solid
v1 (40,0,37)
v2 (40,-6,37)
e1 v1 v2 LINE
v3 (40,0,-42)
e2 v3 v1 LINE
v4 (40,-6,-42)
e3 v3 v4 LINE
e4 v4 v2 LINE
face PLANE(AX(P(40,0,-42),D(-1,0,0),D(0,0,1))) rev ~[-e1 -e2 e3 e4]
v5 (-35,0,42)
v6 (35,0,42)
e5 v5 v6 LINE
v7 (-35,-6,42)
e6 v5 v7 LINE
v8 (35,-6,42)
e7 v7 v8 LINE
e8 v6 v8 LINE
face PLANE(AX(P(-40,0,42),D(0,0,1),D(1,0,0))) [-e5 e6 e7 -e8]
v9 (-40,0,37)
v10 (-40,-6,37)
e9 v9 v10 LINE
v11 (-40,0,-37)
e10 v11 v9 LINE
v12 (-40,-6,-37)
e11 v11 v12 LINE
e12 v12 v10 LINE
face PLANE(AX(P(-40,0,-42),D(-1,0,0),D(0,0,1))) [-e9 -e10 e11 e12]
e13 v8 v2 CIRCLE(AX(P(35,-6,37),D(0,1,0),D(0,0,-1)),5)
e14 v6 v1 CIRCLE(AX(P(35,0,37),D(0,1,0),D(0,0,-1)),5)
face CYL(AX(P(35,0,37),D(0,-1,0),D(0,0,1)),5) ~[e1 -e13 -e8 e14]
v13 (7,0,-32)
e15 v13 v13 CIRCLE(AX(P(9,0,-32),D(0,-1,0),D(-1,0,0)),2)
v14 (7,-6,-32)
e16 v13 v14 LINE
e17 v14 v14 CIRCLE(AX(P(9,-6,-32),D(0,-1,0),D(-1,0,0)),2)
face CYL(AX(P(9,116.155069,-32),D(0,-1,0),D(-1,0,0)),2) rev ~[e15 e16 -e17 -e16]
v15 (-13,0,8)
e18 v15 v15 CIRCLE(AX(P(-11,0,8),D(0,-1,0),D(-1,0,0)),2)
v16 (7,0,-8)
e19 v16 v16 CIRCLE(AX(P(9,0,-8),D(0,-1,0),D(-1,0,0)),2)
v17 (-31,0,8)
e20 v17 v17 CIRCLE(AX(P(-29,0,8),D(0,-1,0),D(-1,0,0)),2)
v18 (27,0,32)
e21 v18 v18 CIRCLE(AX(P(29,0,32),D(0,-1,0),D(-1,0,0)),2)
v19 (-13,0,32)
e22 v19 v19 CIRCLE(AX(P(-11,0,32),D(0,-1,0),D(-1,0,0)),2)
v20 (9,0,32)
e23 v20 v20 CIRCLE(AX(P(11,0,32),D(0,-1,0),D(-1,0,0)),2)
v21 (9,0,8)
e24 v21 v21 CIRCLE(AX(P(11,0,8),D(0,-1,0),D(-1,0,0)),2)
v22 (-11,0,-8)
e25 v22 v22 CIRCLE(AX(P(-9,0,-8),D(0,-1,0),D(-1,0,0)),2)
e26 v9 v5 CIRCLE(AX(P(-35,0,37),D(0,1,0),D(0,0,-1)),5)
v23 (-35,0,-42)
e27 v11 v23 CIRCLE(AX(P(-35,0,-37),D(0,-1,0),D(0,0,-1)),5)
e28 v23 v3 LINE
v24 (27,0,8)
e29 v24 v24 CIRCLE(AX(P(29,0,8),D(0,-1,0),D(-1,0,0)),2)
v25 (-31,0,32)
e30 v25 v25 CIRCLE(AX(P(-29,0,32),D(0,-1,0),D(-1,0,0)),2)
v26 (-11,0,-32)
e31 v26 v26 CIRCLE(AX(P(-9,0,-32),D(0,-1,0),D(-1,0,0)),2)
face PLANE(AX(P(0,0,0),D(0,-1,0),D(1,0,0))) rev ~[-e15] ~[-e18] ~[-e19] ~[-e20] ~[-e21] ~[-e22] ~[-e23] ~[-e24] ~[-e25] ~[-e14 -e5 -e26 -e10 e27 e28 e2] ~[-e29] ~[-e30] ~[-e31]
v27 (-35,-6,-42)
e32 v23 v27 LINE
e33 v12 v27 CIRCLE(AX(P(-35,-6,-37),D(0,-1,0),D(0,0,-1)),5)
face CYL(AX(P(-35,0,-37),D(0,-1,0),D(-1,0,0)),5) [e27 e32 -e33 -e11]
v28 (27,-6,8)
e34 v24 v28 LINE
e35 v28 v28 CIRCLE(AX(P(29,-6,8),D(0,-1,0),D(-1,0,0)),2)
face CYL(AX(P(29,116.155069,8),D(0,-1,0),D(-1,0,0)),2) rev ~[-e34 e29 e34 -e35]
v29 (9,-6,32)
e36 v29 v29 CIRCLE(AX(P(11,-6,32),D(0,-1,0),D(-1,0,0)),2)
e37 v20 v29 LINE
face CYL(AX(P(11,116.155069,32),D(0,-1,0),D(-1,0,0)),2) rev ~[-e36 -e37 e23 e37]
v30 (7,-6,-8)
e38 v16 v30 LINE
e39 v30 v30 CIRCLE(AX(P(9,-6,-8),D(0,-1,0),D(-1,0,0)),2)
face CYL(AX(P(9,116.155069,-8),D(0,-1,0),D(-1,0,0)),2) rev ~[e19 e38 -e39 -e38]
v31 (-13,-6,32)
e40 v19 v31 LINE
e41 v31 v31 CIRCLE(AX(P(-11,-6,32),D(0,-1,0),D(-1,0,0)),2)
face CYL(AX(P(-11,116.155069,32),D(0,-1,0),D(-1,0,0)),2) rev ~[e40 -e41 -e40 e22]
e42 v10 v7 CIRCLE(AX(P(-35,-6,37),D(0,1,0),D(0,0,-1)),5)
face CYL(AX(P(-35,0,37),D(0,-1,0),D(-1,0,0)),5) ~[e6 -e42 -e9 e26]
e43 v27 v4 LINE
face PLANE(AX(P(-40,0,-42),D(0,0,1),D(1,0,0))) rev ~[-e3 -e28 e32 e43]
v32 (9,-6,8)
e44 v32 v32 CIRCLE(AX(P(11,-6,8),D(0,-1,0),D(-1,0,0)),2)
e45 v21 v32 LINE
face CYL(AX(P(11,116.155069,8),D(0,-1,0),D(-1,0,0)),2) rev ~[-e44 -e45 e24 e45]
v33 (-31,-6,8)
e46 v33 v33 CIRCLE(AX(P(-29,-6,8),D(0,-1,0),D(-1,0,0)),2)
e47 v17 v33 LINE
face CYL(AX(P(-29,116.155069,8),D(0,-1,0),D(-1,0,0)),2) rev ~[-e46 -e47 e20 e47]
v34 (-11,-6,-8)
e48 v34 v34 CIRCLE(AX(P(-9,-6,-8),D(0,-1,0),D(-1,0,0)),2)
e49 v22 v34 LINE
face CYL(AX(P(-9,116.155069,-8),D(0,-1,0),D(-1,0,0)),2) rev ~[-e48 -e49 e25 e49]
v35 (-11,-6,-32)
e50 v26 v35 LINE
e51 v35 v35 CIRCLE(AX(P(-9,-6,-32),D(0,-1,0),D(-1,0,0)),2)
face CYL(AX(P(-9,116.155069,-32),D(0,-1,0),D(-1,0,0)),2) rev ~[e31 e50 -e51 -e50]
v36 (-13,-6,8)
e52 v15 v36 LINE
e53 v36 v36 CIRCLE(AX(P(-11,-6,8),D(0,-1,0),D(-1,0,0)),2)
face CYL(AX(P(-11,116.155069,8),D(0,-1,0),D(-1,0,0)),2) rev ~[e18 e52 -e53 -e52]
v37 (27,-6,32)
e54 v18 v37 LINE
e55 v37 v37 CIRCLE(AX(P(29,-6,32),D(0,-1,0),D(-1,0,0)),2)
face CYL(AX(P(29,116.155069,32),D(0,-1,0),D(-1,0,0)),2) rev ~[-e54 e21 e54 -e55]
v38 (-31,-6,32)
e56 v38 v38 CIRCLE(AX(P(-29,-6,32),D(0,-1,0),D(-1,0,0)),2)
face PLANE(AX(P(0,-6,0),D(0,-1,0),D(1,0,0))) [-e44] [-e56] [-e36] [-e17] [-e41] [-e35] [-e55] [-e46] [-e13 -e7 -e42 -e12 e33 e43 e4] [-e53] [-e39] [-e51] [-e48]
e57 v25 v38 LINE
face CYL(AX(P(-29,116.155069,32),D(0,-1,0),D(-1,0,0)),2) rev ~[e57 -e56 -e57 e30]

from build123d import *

# Parameters (mm, degrees)
F0_W     = 80
F0_H     = 84
F0_W_2   = 30
F0_H_2   = 34
F0_W_3   = 18
F0_H_3   = 24
F1_DEPTH = 6
F2_D     = 4
F3_R     = 5


with BuildPart() as f1:
    # F0 (on Front) → F1 (new body)
    with BuildSketch(Plane.XZ):
        Rectangle(F0_W, F0_H)
        with Locations((0, -20)):
            Rectangle(F0_W_2, F0_H_2, mode=Mode.SUBTRACT)
        with Locations((-20, 20)):
            Rectangle(F0_W_2, F0_H_2, mode=Mode.SUBTRACT)
        with Locations((20, 20)):
            Rectangle(F0_W_2, F0_H_2, mode=Mode.SUBTRACT)
        with Locations((-20, 20)):
            Rectangle(F0_W_2, F0_H_2)
        with Locations((-20, 20)):
            Rectangle(F0_W_3, F0_H_3, mode=Mode.SUBTRACT)
        with Locations((20, 20)):
            Rectangle(F0_W_2, F0_H_2)
        with Locations((20, 20)):
            Rectangle(F0_W_3, F0_H_3, mode=Mode.SUBTRACT)
        with Locations((0, -20)):
            Rectangle(F0_W_2, F0_H_2)
        with Locations((0, -20)):
            Rectangle(F0_W_3, F0_H_3, mode=Mode.SUBTRACT)
        with Locations((-20, 20)):
            Rectangle(F0_W_3, F0_H_3)
        with Locations((20, 20)):
            Rectangle(F0_W_3, F0_H_3)
        with Locations((0, -20)):
            Rectangle(F0_W_3, F0_H_3)
    extrude(amount=F1_DEPTH)

    # F2 (through all)
    with Locations(Plane(origin=(0, 0, 0), x_dir=(1, 0, 0), z_dir=(0, 1, 0))):
        with Locations((-29, -32), (-11, -32), (-29, -8), (-11, -8), (11, -32), (29, -32), (29, -8), (11, -8), (9, 8), (-9, 8), (-9, 32), (9, 32)):
            Hole(F2_D / 2)

    # F3
    f3_edges = [f1.edges().sort_by_distance(p)[0] for p in [
        (-40, -3, 42),
        (-40, -3, -42),
        (40, -3, 42),
    ]]
    fillet(f3_edges, radius=F3_R)


solid = f1.part
